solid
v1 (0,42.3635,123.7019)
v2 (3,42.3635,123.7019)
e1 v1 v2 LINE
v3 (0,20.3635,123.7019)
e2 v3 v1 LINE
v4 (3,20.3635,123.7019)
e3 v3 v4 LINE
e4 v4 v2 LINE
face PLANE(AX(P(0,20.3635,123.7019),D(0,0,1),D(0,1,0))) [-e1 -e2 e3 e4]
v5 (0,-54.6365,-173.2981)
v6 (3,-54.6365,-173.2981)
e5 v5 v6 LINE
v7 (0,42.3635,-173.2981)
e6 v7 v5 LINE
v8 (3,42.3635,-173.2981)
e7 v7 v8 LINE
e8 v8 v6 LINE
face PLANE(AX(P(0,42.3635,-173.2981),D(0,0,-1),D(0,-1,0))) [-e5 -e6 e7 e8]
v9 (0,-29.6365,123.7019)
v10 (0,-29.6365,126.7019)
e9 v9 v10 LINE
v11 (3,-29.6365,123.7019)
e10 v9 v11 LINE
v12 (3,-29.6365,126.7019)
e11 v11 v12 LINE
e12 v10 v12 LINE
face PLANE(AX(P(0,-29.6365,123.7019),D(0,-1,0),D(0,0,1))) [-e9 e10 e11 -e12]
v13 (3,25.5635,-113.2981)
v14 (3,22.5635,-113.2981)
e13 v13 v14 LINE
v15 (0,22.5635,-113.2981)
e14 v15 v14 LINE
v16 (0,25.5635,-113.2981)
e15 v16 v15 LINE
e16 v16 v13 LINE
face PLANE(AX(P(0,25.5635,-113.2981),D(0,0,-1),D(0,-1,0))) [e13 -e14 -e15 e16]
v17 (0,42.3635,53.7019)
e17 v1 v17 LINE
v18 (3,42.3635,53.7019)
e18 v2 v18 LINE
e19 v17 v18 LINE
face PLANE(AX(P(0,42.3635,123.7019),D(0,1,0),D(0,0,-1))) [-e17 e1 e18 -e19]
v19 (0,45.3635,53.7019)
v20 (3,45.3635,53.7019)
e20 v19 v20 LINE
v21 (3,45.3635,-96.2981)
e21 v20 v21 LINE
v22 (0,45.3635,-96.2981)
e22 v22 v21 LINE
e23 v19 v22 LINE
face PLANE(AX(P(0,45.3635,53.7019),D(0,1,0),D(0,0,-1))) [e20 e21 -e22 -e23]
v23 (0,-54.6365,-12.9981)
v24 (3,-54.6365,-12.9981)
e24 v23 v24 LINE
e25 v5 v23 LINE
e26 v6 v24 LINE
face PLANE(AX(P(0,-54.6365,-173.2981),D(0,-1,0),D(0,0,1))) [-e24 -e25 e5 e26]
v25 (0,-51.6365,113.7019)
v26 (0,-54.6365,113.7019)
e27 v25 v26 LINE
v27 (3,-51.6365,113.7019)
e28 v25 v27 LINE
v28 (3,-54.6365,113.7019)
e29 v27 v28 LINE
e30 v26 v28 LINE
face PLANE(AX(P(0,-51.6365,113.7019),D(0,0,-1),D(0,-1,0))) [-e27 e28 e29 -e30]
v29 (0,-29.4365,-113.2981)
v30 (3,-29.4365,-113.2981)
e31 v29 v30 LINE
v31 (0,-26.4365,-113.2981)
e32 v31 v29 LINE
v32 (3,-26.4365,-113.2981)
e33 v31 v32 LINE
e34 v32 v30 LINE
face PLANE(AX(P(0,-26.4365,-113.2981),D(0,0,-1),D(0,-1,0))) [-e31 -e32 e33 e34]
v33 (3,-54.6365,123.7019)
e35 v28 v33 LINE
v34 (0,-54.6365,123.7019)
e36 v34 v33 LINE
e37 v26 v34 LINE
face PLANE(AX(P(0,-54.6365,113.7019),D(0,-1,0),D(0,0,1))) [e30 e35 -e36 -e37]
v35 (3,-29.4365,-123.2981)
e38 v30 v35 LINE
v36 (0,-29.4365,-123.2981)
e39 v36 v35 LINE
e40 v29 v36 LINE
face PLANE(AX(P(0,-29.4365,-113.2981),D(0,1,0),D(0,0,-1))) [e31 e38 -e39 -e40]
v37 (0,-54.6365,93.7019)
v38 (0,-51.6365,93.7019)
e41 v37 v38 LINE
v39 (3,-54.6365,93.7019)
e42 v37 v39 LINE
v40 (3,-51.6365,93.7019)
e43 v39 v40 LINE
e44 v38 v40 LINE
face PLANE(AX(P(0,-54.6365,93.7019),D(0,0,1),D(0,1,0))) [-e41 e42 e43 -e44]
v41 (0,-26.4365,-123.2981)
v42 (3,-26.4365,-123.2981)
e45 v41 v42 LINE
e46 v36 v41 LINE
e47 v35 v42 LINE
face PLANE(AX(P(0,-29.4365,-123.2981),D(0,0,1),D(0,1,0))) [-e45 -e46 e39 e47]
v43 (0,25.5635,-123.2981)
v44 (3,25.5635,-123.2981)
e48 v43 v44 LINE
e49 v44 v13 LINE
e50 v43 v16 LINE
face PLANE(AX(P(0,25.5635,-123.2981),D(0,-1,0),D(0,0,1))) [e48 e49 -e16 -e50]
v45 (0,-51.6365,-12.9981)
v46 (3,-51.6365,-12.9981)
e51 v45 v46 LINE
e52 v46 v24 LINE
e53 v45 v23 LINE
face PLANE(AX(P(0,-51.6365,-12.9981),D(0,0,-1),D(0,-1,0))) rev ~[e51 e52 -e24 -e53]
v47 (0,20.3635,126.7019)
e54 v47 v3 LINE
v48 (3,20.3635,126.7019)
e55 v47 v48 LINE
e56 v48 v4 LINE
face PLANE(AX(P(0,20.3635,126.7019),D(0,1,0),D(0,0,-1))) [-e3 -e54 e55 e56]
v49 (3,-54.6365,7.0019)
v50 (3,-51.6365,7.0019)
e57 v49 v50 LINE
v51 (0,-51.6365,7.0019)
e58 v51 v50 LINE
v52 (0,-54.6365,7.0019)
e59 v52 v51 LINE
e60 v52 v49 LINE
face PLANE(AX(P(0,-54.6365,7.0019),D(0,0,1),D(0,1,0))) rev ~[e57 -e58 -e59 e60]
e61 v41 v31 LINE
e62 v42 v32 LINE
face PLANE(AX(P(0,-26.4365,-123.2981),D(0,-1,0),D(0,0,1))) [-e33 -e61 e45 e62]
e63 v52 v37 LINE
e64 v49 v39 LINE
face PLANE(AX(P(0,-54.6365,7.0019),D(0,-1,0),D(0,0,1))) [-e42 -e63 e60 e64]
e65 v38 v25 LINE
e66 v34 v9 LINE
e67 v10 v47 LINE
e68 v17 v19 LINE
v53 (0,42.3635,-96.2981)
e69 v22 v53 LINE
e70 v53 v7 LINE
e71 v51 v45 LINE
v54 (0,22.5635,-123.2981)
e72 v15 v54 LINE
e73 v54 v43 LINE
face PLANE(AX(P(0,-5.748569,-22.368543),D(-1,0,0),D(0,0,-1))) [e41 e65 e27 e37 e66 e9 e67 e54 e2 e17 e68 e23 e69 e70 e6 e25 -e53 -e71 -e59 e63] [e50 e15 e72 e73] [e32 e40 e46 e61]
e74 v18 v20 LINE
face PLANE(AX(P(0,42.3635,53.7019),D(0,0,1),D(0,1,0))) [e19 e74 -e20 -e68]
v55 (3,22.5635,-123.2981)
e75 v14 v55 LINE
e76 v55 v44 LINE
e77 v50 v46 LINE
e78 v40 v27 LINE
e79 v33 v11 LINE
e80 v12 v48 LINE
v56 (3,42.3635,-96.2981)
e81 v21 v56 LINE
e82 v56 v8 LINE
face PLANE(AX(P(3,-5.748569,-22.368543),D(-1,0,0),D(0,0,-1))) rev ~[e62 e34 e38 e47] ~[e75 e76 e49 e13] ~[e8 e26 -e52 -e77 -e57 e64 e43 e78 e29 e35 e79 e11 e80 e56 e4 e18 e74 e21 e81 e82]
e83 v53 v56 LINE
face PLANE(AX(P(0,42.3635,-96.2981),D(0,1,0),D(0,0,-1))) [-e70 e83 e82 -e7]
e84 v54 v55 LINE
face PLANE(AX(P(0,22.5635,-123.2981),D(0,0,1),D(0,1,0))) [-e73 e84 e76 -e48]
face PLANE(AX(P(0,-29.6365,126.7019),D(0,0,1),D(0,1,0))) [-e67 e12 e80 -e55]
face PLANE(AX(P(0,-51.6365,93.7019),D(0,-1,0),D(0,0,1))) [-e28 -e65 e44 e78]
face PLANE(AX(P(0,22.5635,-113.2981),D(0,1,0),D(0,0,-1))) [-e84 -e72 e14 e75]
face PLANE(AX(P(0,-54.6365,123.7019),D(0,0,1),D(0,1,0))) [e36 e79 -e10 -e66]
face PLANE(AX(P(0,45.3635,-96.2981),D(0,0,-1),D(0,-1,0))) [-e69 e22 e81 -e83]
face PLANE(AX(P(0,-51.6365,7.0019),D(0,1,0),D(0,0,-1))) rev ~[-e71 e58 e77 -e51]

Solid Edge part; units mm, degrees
sketch "Sketch1" plane through (0, 0, 0) normal (1, 0, 0) x (0, 1, 0)
  line L0 (-26.4365, -113.2981) -> (-29.4365, -113.2981)
  line L1 (-29.4365, -113.2981) -> (-29.4365, -123.2981)
  line L2 (-29.4365, -123.2981) -> (-26.4365, -123.2981)
  line L3 (-26.4365, -123.2981) -> (-26.4365, -113.2981)
  line L4 (22.5635, -123.2981) -> (25.5635, -123.2981)
  line L5 (25.5635, -123.2981) -> (25.5635, -113.2981)
  line L6 (25.5635, -113.2981) -> (22.5635, -113.2981)
  line L7 (22.5635, -113.2981) -> (22.5635, -123.2981)
  line L8 (-54.6365, 123.7019) -> (-29.6365, 123.7019)
  line L9 (-29.6365, 123.7019) -> (-29.6365, 126.7019)
  line L10 (-29.6365, 126.7019) -> (20.3635, 126.7019)
  line L11 (20.3635, 126.7019) -> (20.3635, 123.7019)
  line L12 (20.3635, 123.7019) -> (42.3635, 123.7019)
  line L13 (42.3635, 123.7019) -> (42.3635, 53.7019)
  line L14 (42.3635, 53.7019) -> (45.3635, 53.7019)
  line L15 (45.3635, 53.7019) -> (45.3635, -96.2981)
  line L16 (45.3635, -96.2981) -> (42.3635, -96.2981)
  line L17 (42.3635, -96.2981) -> (42.3635, -173.2981)
  line L18 (42.3635, -173.2981) -> (-54.6365, -173.2981)
  line L19 (-54.6365, -173.2981) -> (-54.6365, -12.9981)
  line L20 (-51.6365, -12.9981) -> (-54.6365, -12.9981)
  line L21 (-51.6365, 7.0019) -> (-51.6365, -12.9981)
  line L22 (-54.6365, 7.0019) -> (-51.6365, 7.0019)
  line L23 (-54.6365, 7.0019) -> (-54.6365, 93.7019)
  line L24 (-54.6365, 93.7019) -> (-51.6365, 93.7019)
  line L25 (-51.6365, 93.7019) -> (-51.6365, 113.7019)
  line L26 (-51.6365, 113.7019) -> (-54.6365, 113.7019)
  line L27 (-54.6365, 113.7019) -> (-54.6365, 123.7019)
  dimension "D1" = 3
  dimension "D2" = 3
  dimension "D3" = 20
  dimension "D4" = 300
  dimension "D5" = 100
  dimension "D6" = 50
  dimension "D7" = 25
  dimension "D8" = 70
  dimension "D9" = 150
  dimension "D10" = 86.7
  dimension "D11" = 10
  dimension "D12" = 10
  dimension "D13" = 3
  dimension "D14" = 3
  dimension "D15" = 10
  dimension "D16" = 49
  dimension "D17" = 50
  dimension "D18" = 50
  dimension "D19" = 16.8
  dimension "D20" = 25.2
extrude "Protrusion1" add sketch "Sketch1" along normal blind 3
properties material "Acier"
